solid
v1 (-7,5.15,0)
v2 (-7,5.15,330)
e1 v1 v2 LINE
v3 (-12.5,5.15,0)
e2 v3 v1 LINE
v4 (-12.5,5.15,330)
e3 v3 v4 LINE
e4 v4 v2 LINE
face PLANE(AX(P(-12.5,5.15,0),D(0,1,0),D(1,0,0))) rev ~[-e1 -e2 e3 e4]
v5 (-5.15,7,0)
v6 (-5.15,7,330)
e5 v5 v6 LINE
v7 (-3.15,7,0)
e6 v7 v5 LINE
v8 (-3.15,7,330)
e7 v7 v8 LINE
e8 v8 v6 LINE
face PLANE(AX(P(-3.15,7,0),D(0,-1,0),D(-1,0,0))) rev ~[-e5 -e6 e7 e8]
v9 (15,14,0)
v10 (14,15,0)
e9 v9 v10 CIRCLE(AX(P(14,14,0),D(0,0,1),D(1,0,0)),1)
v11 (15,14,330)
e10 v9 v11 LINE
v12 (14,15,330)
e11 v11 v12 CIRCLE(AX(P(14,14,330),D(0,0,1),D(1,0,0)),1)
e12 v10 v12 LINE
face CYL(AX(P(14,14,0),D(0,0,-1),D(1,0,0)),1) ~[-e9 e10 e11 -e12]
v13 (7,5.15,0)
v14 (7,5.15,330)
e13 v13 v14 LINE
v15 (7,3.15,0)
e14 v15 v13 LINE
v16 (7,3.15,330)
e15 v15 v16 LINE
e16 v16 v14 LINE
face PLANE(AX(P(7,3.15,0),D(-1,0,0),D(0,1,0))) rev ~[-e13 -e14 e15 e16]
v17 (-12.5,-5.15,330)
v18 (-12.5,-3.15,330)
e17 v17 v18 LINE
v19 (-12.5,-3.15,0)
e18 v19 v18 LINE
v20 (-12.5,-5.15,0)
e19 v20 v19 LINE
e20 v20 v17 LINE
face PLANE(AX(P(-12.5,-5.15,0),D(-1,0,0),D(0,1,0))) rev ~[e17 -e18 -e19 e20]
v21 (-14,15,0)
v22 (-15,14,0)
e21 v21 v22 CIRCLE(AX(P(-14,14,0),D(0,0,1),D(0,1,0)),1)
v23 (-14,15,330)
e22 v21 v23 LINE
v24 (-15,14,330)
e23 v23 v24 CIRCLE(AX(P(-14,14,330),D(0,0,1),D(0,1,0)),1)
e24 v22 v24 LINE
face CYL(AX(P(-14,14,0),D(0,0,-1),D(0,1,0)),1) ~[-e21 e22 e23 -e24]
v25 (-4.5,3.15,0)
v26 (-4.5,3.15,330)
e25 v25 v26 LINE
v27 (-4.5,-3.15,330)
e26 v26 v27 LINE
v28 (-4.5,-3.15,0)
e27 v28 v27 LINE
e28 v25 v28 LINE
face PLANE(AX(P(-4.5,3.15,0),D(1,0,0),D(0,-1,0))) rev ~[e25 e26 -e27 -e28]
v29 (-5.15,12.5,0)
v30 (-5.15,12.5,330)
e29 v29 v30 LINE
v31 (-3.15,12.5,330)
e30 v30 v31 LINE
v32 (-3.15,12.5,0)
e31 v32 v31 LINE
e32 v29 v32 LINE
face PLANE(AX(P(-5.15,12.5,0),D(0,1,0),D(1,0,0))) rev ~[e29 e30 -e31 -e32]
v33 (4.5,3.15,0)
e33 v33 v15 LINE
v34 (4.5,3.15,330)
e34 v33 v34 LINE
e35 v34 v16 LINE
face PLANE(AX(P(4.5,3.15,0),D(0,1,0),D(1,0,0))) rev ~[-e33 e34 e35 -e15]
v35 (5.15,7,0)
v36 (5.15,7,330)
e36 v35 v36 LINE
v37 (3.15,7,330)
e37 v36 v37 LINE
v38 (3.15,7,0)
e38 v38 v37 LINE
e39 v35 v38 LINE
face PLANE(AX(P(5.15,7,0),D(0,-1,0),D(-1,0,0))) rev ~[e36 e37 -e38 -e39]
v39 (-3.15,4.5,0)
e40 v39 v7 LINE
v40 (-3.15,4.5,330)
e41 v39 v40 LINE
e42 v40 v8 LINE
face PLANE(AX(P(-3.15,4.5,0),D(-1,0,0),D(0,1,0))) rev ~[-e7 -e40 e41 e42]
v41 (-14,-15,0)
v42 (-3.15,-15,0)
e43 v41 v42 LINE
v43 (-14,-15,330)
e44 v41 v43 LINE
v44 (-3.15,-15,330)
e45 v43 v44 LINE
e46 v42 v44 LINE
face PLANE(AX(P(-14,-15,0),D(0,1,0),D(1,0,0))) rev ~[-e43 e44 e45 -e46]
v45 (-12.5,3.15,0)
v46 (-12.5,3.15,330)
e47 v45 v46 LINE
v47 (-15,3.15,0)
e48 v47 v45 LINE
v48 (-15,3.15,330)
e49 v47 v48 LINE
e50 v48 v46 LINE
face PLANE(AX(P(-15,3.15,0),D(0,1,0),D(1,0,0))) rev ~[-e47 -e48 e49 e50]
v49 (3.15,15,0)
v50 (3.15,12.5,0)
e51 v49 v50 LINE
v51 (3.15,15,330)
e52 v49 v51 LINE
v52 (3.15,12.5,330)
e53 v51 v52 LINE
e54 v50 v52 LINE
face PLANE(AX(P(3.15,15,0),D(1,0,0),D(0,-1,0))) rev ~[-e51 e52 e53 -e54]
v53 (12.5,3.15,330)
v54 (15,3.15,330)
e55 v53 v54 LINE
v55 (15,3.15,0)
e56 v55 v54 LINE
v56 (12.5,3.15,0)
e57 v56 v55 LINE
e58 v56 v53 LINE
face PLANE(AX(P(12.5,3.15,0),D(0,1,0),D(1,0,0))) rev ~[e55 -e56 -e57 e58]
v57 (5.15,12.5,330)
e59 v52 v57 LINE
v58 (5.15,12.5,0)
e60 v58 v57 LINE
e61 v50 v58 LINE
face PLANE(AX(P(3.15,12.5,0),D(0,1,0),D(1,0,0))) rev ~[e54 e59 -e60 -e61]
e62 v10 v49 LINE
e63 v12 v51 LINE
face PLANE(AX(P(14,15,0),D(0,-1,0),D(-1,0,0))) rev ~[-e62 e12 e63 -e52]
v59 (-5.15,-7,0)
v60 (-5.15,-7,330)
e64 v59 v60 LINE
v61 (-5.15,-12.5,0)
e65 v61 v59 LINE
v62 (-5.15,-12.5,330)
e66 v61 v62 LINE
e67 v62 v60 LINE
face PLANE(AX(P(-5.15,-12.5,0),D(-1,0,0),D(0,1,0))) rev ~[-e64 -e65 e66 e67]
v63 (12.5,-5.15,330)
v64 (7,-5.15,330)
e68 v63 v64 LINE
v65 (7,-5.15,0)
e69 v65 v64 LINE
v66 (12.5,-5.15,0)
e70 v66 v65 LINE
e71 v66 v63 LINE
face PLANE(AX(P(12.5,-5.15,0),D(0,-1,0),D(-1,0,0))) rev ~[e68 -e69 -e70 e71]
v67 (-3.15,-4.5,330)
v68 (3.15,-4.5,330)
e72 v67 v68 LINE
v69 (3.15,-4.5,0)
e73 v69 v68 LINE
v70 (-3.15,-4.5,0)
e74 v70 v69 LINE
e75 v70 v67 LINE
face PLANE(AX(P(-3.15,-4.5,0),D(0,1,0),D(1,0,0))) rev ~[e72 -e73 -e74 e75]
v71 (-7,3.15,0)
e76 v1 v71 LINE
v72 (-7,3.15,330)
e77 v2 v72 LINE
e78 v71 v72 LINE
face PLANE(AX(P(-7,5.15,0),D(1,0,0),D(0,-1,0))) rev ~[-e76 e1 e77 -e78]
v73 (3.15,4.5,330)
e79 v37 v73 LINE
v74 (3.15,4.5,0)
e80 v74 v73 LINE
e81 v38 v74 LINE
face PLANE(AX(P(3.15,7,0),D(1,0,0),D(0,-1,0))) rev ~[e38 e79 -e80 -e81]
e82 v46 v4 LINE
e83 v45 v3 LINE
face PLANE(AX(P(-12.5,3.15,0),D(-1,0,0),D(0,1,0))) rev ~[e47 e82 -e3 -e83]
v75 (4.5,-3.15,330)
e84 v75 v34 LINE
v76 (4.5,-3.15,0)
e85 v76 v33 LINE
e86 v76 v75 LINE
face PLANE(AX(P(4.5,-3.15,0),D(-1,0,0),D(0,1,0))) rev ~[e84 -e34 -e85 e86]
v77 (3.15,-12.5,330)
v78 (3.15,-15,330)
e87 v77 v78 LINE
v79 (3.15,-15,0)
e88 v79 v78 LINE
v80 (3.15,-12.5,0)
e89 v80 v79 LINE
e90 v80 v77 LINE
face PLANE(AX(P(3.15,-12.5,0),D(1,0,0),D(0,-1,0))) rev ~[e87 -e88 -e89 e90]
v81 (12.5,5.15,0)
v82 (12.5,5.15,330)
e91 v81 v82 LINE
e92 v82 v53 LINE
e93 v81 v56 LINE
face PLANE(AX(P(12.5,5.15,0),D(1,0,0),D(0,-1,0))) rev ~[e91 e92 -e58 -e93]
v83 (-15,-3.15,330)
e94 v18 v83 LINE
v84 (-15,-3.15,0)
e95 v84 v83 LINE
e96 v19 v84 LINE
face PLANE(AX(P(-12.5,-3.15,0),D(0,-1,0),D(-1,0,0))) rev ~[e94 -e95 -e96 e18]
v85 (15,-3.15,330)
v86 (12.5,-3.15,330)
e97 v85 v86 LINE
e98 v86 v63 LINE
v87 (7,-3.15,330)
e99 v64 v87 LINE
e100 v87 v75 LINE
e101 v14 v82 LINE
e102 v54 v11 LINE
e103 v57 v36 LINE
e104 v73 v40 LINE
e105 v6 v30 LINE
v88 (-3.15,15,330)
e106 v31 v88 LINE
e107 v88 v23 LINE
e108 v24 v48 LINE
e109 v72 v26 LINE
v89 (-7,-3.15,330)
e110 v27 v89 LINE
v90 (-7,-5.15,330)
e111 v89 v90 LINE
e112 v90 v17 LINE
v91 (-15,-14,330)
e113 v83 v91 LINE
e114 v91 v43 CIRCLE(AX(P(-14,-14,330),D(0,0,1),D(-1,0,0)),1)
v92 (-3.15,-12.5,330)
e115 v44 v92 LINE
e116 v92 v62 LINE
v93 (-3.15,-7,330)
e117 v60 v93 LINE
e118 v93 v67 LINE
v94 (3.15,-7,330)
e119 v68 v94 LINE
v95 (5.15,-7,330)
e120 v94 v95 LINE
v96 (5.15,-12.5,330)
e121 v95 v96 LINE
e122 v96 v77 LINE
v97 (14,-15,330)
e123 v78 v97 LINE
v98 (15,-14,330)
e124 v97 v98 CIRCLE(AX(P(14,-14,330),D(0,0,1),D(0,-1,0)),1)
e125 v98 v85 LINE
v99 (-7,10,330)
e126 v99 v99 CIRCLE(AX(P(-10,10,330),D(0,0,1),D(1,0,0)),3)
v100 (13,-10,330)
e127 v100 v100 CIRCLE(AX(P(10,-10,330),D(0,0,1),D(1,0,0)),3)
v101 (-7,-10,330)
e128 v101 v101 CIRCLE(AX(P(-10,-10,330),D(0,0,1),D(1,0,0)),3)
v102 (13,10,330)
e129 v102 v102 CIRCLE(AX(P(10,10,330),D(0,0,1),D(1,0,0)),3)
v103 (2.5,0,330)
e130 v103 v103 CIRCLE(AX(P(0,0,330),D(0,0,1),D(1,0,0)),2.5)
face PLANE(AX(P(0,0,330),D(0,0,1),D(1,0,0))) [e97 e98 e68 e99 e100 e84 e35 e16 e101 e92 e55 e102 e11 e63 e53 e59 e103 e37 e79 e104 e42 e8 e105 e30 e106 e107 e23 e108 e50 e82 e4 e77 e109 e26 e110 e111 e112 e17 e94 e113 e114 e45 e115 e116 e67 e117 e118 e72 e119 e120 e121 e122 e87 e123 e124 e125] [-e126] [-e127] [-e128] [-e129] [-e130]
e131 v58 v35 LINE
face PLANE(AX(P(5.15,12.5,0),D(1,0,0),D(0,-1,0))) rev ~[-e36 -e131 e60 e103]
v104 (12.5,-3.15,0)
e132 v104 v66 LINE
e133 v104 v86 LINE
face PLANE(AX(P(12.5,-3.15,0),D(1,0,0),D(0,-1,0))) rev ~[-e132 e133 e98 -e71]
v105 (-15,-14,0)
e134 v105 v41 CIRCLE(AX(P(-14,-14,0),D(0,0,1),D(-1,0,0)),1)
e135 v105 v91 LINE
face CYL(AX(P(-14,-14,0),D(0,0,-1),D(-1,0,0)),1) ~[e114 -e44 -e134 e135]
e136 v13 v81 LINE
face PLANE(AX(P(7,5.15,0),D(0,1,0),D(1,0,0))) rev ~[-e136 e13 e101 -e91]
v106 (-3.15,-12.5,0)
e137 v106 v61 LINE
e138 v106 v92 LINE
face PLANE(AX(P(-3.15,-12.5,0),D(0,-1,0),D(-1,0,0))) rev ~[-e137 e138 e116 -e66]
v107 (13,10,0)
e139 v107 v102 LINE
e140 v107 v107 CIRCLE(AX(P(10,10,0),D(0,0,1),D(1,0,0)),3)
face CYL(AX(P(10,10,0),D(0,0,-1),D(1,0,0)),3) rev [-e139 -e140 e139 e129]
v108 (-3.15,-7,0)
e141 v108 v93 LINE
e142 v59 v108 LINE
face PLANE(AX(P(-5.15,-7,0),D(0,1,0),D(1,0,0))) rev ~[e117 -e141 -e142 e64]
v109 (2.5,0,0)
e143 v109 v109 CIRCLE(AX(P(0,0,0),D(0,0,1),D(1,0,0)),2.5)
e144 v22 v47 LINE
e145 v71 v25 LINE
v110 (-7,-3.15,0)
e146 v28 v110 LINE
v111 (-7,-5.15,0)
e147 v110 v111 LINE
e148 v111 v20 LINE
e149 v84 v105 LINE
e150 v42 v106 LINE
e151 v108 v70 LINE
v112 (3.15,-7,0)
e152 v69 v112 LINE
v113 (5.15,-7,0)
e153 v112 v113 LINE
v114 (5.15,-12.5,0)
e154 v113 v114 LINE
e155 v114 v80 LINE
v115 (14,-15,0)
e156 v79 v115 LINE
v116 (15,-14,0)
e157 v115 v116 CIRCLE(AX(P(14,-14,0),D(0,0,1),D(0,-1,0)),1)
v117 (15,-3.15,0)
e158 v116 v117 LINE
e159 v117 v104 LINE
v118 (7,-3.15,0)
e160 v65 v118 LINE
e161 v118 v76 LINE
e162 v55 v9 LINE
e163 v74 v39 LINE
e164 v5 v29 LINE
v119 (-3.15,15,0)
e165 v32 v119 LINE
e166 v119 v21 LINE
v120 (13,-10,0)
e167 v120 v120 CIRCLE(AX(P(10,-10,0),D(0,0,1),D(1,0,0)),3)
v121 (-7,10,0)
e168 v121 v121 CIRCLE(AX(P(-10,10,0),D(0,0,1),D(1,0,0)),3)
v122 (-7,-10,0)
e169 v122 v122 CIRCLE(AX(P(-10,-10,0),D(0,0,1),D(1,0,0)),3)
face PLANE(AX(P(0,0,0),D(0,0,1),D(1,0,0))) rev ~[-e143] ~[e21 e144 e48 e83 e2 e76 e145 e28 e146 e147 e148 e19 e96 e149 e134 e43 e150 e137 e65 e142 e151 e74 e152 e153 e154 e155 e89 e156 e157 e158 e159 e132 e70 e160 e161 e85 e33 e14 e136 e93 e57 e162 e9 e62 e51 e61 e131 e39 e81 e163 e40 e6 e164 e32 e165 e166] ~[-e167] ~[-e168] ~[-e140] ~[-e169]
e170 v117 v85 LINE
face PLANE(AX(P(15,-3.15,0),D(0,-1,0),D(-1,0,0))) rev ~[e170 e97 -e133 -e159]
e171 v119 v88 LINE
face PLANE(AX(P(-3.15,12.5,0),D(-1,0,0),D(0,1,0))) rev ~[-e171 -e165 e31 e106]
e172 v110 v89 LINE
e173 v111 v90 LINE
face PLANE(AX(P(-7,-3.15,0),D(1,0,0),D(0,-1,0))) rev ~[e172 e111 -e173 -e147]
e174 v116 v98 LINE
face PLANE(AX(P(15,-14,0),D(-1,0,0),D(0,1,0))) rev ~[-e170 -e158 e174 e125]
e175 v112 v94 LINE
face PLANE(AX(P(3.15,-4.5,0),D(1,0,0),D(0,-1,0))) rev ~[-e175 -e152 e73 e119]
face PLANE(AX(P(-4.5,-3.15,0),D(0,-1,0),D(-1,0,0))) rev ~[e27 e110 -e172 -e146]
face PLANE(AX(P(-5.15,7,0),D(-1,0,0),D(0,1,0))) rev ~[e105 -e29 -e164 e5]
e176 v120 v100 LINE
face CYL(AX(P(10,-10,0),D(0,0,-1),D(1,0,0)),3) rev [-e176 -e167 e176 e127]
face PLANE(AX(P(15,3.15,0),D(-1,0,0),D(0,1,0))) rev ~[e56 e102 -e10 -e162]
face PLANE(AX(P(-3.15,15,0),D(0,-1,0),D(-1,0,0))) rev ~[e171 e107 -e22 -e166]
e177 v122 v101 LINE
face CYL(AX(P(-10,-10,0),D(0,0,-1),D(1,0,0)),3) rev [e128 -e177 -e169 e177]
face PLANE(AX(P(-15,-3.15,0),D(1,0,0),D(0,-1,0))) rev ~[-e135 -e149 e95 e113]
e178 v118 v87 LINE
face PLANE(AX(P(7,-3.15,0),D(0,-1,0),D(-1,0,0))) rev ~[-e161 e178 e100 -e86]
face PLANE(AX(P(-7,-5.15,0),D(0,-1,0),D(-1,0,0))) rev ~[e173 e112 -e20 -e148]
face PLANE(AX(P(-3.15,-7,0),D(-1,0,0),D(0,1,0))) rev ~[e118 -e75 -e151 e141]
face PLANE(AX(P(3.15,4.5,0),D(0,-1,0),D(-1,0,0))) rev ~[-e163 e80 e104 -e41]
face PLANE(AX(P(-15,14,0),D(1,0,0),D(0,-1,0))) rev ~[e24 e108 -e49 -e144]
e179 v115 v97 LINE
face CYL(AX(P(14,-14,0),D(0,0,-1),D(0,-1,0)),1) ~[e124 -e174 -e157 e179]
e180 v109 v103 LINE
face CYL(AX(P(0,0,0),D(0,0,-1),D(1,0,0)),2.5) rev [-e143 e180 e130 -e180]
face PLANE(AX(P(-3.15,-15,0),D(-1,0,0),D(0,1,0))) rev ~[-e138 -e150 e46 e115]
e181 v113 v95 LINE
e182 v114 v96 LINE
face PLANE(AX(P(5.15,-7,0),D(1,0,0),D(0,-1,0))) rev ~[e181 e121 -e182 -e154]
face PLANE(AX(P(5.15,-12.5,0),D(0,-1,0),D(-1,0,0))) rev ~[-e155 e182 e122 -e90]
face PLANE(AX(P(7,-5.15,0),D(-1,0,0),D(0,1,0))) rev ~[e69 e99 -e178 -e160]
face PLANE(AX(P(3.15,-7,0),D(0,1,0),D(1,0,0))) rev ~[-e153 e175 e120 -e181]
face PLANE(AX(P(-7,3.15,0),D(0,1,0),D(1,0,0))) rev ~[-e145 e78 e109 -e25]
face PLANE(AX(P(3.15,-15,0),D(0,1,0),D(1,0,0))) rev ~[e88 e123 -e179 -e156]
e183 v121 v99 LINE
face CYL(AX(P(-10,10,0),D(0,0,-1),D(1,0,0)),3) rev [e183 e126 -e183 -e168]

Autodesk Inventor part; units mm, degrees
ref_plane "YZ Plane" through (0, 0, 0) normal (1, 0, 0) x (0, 1, 0)
ref_plane "XZ Plane" through (0, 0, 0) normal (0, 1, 0) x (-1, 0, 0)
ref_plane "XY Plane" through (0, 0, 0) normal (0, 0, 1) x (1, 0, 0)
feature "ソリッド1" [suppressed]
sketch "スケッチ2" plane through (0, 0, 0) normal (0, 0, 1) x (1, 0, 0)
  line L0 (-12.5, 5.15) -> (-7, 5.15) projected
  line L1 (-7, 5.15) -> (-7, 3.15) projected
  line L2 (-7, 3.15) -> (-4.5, 3.15) projected
  line L3 (-4.5, 3.15) -> (-4.5, -3.15) projected
  line L4 (-4.5, -3.15) -> (-7, -3.15) projected
  line L5 (-7, -3.15) -> (-7, -5.15) projected
  line L6 (-7, -5.15) -> (-12.5, -5.15) projected
  line L7 (-12.5, -5.15) -> (-12.5, -3.15) projected
  line L8 (-12.5, -3.15) -> (-15, -3.15) projected
  line L9 (-15, -3.15) -> (-15, -14) projected
  arc A0 (-15, -14) -> (-14, -15) centre (-14, -14) ccw projected
  line L10 (-14, -15) -> (-3.15, -15) projected
  line L11 (-3.15, -15) -> (-3.15, -12.5) projected
  line L12 (-3.15, -12.5) -> (-5.15, -12.5) projected
  line L13 (-5.15, -12.5) -> (-5.15, -7) projected
  line L14 (-5.15, -7) -> (-3.15, -7) projected
  line L15 (-3.15, -7) -> (-3.15, -4.5) projected
  line L16 (-3.15, -4.5) -> (3.15, -4.5) projected
  line L17 (3.15, -4.5) -> (3.15, -7) projected
  line L18 (3.15, -7) -> (5.15, -7) projected
  line L19 (5.15, -7) -> (5.15, -12.5) projected
  line L20 (5.15, -12.5) -> (3.15, -12.5) projected
  line L21 (3.15, -12.5) -> (3.15, -15) projected
  line L22 (3.15, -15) -> (14, -15) projected
  arc A1 (14, -15) -> (15, -14) centre (14, -14) ccw projected
  line L23 (15, -14) -> (15, -3.15) projected
  line L24 (15, -3.15) -> (12.5, -3.15) projected
  line L25 (12.5, -3.15) -> (12.5, -5.15) projected
  line L26 (12.5, -5.15) -> (7, -5.15) projected
  line L27 (7, -5.15) -> (7, -3.15) projected
  line L28 (7, -3.15) -> (4.5, -3.15) projected
  line L29 (4.5, -3.15) -> (4.5, 3.15) projected
  line L30 (4.5, 3.15) -> (7, 3.15) projected
  line L31 (7, 3.15) -> (7, 5.15) projected
  line L32 (7, 5.15) -> (12.5, 5.15) projected
  line L33 (12.5, 5.15) -> (12.5, 3.15) projected
  line L34 (12.5, 3.15) -> (15, 3.15) projected
  line L35 (15, 3.15) -> (15, 14) projected
  arc A2 (15, 14) -> (14, 15) centre (14, 14) ccw projected
  line L36 (14, 15) -> (3.15, 15) projected
  line L37 (3.15, 15) -> (3.15, 12.5) projected
  line L38 (3.15, 12.5) -> (5.15, 12.5) projected
  line L39 (5.15, 12.5) -> (5.15, 7) projected
  line L40 (5.15, 7) -> (3.15, 7) projected
  line L41 (3.15, 7) -> (3.15, 4.5) projected
  line L42 (3.15, 4.5) -> (-3.15, 4.5) projected
  line L43 (-3.15, 4.5) -> (-3.15, 7) projected
  line L44 (-3.15, 7) -> (-5.15, 7) projected
  line L45 (-5.15, 7) -> (-5.15, 12.5) projected
  line L46 (-5.15, 12.5) -> (-3.15, 12.5) projected
  line L47 (-3.15, 12.5) -> (-3.15, 15) projected
  line L48 (-3.15, 15) -> (-14, 15) projected
  arc A3 (-14, 15) -> (-15, 14) centre (-14, 14) ccw projected
  line L49 (-15, 14) -> (-15, 3.15) projected
  line L50 (-15, 3.15) -> (-12.5, 3.15) projected
  line L51 (-12.5, 3.15) -> (-12.5, 5.15) projected
  circle A4 centre (10, 10) radius 3 projected
  circle A5 centre (-10, 10) radius 3 projected
  circle A6 centre (-10, -10) radius 3 projected
  circle A7 centre (10, -10) radius 3 projected
  circle A8 centre (0, 0) radius 2.5 projected
extrude "押し出し1" add sketch "スケッチ2" along normal blind 330
equation "\"d1\" = L"
equation "\"L\" = 330"
properties part number "AFS-3030-330"
